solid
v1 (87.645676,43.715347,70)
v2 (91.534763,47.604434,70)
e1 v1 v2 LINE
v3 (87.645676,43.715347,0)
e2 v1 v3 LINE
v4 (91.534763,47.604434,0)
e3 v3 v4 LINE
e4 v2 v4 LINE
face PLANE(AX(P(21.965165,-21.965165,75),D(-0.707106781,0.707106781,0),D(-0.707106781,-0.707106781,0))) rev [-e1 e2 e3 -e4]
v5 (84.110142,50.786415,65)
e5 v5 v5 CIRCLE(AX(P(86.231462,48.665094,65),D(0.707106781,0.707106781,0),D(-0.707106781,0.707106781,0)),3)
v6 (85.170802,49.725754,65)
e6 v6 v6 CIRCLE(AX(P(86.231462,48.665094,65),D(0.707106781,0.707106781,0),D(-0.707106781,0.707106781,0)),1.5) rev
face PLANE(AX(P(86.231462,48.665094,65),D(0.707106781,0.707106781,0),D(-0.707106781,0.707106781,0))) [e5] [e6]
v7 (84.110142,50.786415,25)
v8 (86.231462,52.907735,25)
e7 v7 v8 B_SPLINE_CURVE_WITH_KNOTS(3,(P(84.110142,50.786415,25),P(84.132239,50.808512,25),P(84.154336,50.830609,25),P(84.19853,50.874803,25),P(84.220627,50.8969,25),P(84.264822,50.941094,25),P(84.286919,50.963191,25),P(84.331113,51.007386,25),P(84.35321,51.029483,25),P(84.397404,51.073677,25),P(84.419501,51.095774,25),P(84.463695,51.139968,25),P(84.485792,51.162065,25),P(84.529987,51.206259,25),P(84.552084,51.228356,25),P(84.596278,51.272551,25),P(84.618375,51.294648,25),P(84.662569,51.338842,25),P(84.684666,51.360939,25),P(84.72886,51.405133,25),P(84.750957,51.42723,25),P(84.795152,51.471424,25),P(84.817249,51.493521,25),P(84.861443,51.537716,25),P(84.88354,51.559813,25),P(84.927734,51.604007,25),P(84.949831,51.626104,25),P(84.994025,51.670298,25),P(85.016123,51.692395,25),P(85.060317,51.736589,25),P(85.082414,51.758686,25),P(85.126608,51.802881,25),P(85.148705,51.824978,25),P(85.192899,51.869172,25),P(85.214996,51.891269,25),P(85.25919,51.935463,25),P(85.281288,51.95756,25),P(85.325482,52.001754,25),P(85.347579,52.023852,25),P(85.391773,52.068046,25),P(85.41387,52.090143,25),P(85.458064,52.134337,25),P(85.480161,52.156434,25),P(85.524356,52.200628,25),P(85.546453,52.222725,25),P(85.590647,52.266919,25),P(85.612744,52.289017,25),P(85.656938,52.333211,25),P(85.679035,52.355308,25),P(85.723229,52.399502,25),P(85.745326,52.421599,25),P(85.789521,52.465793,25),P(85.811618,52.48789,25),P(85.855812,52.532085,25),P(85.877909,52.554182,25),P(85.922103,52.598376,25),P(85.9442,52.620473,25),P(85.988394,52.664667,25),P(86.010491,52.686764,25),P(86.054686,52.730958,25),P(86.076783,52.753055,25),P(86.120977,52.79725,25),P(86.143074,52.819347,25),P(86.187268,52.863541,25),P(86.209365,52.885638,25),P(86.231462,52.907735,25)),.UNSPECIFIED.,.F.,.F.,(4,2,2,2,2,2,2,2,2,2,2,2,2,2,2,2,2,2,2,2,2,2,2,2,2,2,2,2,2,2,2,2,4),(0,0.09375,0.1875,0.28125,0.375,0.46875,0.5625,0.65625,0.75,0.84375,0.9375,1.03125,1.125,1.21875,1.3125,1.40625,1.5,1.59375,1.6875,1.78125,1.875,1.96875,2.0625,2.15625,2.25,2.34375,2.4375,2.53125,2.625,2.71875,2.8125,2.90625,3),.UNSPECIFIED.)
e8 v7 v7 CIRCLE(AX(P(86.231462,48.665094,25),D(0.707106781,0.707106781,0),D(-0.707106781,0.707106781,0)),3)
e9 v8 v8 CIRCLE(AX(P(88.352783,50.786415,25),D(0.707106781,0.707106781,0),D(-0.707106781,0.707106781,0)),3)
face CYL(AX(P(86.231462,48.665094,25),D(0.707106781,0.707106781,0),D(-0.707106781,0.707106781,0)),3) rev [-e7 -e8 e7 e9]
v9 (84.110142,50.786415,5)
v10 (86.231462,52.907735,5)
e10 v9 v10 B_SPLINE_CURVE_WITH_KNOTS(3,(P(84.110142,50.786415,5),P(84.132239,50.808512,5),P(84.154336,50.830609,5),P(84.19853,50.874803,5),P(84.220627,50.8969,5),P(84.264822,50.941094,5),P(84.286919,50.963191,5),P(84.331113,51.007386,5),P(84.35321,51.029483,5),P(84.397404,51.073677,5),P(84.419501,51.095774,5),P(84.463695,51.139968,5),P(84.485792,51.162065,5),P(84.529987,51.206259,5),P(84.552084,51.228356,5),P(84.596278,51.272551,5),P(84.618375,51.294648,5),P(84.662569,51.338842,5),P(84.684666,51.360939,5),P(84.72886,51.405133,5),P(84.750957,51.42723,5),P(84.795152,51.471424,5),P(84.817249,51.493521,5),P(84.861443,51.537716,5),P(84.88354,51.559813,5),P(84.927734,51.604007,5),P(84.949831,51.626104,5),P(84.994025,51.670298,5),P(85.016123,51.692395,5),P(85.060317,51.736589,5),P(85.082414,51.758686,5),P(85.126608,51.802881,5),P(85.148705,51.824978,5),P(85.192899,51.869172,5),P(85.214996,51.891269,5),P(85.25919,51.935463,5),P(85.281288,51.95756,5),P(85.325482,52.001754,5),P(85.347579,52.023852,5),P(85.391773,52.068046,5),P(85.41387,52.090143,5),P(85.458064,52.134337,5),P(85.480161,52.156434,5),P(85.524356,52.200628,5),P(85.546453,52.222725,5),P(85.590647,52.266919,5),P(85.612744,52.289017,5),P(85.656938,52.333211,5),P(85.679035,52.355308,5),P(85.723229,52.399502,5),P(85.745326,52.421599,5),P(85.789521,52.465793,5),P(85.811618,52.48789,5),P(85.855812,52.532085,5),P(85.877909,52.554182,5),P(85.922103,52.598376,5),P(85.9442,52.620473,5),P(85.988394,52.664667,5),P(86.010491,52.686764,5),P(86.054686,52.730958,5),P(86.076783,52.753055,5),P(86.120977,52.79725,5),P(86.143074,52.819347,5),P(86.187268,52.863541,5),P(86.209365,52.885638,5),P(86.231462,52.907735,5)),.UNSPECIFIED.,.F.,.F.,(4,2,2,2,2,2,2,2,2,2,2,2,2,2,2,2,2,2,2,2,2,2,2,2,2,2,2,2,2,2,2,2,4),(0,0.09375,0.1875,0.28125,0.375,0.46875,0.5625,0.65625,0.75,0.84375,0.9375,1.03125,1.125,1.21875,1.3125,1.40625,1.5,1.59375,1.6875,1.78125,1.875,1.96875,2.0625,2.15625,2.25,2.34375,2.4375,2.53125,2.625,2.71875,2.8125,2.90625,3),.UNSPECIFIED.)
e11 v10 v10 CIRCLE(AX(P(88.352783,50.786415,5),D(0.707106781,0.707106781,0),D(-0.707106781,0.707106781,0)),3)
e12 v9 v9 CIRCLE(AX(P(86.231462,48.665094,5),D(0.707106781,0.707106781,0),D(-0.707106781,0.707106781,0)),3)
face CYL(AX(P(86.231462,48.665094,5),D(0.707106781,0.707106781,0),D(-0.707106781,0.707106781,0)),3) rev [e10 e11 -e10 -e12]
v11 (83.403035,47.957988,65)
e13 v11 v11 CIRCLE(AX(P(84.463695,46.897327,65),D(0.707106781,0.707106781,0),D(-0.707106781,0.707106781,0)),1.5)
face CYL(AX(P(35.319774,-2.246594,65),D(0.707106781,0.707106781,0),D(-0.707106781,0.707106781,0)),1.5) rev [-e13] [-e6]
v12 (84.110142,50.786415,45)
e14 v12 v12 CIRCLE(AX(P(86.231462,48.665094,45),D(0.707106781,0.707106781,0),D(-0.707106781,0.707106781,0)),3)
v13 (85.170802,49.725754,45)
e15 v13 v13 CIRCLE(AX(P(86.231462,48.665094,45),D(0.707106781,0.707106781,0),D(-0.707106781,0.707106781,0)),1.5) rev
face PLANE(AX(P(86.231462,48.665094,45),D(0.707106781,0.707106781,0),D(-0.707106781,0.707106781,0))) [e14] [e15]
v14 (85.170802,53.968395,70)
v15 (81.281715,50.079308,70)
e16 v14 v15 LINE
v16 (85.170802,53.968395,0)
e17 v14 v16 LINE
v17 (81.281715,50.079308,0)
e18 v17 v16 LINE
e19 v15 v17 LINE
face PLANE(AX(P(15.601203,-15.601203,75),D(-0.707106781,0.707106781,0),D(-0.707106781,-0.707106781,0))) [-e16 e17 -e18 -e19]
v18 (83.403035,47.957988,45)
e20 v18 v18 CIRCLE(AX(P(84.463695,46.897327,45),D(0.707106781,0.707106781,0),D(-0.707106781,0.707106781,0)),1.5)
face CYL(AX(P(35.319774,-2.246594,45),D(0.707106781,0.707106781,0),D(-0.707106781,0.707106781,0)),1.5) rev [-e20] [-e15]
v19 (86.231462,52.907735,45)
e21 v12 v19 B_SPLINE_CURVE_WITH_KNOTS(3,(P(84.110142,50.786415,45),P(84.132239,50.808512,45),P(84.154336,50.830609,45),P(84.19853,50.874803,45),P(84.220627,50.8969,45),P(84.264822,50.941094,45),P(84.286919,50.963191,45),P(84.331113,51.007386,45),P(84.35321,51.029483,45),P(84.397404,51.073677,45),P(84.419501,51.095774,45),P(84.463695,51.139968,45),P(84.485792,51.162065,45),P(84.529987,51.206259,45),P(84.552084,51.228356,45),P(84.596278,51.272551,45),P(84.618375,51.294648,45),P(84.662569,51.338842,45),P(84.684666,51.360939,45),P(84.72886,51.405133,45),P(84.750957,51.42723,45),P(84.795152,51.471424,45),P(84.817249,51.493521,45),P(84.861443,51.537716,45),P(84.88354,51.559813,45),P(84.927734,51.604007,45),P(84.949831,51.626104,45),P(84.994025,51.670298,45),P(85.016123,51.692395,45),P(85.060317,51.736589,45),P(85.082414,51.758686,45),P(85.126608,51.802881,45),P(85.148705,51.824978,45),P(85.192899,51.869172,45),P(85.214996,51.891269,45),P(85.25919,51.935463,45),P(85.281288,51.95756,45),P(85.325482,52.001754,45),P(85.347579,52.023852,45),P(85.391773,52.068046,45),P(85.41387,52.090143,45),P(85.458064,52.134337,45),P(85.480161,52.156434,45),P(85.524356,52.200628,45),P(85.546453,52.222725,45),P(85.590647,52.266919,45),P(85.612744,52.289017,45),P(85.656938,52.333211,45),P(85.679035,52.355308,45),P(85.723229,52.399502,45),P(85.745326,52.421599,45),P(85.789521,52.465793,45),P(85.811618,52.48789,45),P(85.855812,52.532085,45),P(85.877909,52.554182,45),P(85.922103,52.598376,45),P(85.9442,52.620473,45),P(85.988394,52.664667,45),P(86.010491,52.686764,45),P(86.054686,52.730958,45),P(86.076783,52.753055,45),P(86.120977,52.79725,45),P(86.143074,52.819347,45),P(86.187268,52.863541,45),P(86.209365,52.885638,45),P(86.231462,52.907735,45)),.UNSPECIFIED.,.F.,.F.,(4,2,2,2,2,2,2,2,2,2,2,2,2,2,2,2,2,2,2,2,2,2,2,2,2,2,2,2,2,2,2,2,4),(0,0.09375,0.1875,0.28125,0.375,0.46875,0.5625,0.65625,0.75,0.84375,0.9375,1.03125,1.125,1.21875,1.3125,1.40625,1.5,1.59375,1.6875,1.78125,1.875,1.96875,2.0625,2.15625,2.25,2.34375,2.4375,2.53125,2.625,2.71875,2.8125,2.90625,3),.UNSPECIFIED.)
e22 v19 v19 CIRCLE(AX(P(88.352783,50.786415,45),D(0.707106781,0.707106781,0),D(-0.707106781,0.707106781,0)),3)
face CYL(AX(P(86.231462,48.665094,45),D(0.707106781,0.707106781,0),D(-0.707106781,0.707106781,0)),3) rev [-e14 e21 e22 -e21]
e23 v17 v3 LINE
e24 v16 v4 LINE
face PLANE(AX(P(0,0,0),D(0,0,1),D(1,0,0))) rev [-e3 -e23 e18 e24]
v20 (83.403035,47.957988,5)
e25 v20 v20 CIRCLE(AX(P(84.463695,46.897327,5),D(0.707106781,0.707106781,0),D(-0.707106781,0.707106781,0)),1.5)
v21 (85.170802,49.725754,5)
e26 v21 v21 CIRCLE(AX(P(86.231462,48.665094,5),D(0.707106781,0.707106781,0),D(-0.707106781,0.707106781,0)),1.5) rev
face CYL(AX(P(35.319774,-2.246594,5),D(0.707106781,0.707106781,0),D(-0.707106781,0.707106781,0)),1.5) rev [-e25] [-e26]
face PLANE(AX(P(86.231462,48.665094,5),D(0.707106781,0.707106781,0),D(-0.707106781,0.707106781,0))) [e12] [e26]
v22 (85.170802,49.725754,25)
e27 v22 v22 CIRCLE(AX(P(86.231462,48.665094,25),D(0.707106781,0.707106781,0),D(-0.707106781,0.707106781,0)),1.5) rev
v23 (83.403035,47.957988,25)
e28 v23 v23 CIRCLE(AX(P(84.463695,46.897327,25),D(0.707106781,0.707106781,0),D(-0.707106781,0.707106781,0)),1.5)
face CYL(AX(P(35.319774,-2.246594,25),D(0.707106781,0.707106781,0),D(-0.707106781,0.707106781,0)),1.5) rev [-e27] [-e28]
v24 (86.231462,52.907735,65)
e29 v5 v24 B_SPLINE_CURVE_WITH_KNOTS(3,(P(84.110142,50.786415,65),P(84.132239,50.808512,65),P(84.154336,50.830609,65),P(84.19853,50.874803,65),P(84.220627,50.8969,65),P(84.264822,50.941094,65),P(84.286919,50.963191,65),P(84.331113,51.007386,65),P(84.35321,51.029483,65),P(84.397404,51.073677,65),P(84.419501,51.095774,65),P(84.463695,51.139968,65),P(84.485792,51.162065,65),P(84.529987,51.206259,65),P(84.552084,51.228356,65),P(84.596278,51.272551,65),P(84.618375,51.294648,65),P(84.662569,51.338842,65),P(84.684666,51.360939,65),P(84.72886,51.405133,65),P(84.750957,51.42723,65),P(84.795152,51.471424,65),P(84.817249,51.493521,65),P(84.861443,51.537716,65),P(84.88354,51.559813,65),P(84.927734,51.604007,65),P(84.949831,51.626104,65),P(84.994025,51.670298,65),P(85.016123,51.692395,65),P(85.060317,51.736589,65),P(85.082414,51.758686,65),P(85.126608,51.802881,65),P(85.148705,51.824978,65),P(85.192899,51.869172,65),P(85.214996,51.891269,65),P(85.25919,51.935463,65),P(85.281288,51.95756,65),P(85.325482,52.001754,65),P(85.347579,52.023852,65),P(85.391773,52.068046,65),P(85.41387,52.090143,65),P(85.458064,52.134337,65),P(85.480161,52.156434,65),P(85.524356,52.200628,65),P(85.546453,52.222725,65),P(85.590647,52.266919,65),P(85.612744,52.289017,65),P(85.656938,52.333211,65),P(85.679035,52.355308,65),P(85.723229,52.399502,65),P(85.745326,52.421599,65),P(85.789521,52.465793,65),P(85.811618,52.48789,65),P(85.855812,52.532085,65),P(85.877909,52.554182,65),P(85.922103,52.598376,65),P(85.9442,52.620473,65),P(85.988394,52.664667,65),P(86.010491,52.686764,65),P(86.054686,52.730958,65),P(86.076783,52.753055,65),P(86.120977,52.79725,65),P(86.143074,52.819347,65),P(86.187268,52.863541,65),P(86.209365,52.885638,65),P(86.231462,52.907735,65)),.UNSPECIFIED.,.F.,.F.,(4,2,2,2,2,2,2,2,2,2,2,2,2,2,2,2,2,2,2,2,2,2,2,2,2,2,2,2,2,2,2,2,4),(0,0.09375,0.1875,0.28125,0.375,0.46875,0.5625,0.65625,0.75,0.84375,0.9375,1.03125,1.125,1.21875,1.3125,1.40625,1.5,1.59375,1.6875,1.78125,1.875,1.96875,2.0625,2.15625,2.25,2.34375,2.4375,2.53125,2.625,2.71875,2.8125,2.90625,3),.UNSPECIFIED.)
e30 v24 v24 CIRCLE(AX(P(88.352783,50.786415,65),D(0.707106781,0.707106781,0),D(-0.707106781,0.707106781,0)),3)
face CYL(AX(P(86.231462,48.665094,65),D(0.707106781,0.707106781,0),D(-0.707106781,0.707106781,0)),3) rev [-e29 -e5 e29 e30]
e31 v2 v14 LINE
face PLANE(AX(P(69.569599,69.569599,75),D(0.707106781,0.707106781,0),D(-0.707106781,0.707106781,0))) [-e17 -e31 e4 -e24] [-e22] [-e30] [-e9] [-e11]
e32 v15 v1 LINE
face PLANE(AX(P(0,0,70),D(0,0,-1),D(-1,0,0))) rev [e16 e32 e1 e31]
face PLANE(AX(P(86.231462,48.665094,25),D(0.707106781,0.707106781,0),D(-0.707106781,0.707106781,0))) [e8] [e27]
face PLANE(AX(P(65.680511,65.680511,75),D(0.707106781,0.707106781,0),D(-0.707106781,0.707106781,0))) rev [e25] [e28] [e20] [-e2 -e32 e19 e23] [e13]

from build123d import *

# Parameters (mm, degrees)
EXTRUDE_2_DEPTH     = 75
SKETCH_5_R          = 1.5
CUT_EXTRUDE_1_DEPTH = 75
SKETCH_7_R          = 3
CUT_EXTRUDE_2_DEPTH = 3
CUT_EXTRUDE_3_DEPTH = 5


with BuildPart() as part:
    # Model → 凸台-拉伸2 (new body)
    with BuildSketch(Plane.XY):
        Polygon((81.281714853, 50.079307879), (85.170802149, 53.968395176), (91.53476318, 47.604434145), (87.645675883, 43.715346849), align=None)
    extrude(amount=EXTRUDE_2_DEPTH)

    # 草图5 → 切除-拉伸1 (cut)
    with BuildSketch(Plane(origin=(69.569598662, 69.569598663, 0), x_dir=(0, 0, -1), z_dir=(0.7071067811850318, 0.7071067811880632, 0))):
        with Locations(Location((-65, -26.56343356, 0), (0, 0, 90))):
            Circle(SKETCH_5_R)
        with Locations(Location((-45, -26.56343356, 0), (0, 0, 90))):
            Circle(SKETCH_5_R)
        with Locations(Location((-25, -26.56343356, 0), (0, 0, 90))):
            Circle(SKETCH_5_R)
        with Locations(Location((-5, -26.56343356, 0), (0, 0, 90))):
            Circle(SKETCH_5_R)
    extrude(amount=-CUT_EXTRUDE_1_DEPTH, mode=Mode.SUBTRACT)

    # 草图7 → 切除-拉伸2 (cut)
    with BuildSketch(Plane(origin=(69.569598662, 69.569598663, 0), x_dir=(0, 0, -1), z_dir=(0.7071067811850318, 0.7071067811880632, 0))):
        with Locations(Location((-5, -26.56343356, 0), (0, 0, 90))):
            Circle(SKETCH_7_R)
        with Locations(Location((-25, -26.56343356, 0), (0, 0, 90))):
            Circle(SKETCH_7_R)
        with Locations(Location((-45, -26.56343356, 0), (0, 0, 90))):
            Circle(SKETCH_7_R)
        with Locations(Location((-65, -26.56343356, 0), (0, 0, 90))):
            Circle(SKETCH_7_R)
    extrude(amount=-CUT_EXTRUDE_2_DEPTH, mode=Mode.SUBTRACT)

    # 草图8 → 切除-拉伸3 (cut)
    with BuildSketch(Plane.XY.offset(75)):
        Polygon((87.645675883, 43.715346849), (91.53476318, 47.604434145), (85.134022188, 54.005175138), (81.244934891, 50.116087842), align=None)
    extrude(amount=-CUT_EXTRUDE_3_DEPTH, mode=Mode.SUBTRACT)


solid = part.part
